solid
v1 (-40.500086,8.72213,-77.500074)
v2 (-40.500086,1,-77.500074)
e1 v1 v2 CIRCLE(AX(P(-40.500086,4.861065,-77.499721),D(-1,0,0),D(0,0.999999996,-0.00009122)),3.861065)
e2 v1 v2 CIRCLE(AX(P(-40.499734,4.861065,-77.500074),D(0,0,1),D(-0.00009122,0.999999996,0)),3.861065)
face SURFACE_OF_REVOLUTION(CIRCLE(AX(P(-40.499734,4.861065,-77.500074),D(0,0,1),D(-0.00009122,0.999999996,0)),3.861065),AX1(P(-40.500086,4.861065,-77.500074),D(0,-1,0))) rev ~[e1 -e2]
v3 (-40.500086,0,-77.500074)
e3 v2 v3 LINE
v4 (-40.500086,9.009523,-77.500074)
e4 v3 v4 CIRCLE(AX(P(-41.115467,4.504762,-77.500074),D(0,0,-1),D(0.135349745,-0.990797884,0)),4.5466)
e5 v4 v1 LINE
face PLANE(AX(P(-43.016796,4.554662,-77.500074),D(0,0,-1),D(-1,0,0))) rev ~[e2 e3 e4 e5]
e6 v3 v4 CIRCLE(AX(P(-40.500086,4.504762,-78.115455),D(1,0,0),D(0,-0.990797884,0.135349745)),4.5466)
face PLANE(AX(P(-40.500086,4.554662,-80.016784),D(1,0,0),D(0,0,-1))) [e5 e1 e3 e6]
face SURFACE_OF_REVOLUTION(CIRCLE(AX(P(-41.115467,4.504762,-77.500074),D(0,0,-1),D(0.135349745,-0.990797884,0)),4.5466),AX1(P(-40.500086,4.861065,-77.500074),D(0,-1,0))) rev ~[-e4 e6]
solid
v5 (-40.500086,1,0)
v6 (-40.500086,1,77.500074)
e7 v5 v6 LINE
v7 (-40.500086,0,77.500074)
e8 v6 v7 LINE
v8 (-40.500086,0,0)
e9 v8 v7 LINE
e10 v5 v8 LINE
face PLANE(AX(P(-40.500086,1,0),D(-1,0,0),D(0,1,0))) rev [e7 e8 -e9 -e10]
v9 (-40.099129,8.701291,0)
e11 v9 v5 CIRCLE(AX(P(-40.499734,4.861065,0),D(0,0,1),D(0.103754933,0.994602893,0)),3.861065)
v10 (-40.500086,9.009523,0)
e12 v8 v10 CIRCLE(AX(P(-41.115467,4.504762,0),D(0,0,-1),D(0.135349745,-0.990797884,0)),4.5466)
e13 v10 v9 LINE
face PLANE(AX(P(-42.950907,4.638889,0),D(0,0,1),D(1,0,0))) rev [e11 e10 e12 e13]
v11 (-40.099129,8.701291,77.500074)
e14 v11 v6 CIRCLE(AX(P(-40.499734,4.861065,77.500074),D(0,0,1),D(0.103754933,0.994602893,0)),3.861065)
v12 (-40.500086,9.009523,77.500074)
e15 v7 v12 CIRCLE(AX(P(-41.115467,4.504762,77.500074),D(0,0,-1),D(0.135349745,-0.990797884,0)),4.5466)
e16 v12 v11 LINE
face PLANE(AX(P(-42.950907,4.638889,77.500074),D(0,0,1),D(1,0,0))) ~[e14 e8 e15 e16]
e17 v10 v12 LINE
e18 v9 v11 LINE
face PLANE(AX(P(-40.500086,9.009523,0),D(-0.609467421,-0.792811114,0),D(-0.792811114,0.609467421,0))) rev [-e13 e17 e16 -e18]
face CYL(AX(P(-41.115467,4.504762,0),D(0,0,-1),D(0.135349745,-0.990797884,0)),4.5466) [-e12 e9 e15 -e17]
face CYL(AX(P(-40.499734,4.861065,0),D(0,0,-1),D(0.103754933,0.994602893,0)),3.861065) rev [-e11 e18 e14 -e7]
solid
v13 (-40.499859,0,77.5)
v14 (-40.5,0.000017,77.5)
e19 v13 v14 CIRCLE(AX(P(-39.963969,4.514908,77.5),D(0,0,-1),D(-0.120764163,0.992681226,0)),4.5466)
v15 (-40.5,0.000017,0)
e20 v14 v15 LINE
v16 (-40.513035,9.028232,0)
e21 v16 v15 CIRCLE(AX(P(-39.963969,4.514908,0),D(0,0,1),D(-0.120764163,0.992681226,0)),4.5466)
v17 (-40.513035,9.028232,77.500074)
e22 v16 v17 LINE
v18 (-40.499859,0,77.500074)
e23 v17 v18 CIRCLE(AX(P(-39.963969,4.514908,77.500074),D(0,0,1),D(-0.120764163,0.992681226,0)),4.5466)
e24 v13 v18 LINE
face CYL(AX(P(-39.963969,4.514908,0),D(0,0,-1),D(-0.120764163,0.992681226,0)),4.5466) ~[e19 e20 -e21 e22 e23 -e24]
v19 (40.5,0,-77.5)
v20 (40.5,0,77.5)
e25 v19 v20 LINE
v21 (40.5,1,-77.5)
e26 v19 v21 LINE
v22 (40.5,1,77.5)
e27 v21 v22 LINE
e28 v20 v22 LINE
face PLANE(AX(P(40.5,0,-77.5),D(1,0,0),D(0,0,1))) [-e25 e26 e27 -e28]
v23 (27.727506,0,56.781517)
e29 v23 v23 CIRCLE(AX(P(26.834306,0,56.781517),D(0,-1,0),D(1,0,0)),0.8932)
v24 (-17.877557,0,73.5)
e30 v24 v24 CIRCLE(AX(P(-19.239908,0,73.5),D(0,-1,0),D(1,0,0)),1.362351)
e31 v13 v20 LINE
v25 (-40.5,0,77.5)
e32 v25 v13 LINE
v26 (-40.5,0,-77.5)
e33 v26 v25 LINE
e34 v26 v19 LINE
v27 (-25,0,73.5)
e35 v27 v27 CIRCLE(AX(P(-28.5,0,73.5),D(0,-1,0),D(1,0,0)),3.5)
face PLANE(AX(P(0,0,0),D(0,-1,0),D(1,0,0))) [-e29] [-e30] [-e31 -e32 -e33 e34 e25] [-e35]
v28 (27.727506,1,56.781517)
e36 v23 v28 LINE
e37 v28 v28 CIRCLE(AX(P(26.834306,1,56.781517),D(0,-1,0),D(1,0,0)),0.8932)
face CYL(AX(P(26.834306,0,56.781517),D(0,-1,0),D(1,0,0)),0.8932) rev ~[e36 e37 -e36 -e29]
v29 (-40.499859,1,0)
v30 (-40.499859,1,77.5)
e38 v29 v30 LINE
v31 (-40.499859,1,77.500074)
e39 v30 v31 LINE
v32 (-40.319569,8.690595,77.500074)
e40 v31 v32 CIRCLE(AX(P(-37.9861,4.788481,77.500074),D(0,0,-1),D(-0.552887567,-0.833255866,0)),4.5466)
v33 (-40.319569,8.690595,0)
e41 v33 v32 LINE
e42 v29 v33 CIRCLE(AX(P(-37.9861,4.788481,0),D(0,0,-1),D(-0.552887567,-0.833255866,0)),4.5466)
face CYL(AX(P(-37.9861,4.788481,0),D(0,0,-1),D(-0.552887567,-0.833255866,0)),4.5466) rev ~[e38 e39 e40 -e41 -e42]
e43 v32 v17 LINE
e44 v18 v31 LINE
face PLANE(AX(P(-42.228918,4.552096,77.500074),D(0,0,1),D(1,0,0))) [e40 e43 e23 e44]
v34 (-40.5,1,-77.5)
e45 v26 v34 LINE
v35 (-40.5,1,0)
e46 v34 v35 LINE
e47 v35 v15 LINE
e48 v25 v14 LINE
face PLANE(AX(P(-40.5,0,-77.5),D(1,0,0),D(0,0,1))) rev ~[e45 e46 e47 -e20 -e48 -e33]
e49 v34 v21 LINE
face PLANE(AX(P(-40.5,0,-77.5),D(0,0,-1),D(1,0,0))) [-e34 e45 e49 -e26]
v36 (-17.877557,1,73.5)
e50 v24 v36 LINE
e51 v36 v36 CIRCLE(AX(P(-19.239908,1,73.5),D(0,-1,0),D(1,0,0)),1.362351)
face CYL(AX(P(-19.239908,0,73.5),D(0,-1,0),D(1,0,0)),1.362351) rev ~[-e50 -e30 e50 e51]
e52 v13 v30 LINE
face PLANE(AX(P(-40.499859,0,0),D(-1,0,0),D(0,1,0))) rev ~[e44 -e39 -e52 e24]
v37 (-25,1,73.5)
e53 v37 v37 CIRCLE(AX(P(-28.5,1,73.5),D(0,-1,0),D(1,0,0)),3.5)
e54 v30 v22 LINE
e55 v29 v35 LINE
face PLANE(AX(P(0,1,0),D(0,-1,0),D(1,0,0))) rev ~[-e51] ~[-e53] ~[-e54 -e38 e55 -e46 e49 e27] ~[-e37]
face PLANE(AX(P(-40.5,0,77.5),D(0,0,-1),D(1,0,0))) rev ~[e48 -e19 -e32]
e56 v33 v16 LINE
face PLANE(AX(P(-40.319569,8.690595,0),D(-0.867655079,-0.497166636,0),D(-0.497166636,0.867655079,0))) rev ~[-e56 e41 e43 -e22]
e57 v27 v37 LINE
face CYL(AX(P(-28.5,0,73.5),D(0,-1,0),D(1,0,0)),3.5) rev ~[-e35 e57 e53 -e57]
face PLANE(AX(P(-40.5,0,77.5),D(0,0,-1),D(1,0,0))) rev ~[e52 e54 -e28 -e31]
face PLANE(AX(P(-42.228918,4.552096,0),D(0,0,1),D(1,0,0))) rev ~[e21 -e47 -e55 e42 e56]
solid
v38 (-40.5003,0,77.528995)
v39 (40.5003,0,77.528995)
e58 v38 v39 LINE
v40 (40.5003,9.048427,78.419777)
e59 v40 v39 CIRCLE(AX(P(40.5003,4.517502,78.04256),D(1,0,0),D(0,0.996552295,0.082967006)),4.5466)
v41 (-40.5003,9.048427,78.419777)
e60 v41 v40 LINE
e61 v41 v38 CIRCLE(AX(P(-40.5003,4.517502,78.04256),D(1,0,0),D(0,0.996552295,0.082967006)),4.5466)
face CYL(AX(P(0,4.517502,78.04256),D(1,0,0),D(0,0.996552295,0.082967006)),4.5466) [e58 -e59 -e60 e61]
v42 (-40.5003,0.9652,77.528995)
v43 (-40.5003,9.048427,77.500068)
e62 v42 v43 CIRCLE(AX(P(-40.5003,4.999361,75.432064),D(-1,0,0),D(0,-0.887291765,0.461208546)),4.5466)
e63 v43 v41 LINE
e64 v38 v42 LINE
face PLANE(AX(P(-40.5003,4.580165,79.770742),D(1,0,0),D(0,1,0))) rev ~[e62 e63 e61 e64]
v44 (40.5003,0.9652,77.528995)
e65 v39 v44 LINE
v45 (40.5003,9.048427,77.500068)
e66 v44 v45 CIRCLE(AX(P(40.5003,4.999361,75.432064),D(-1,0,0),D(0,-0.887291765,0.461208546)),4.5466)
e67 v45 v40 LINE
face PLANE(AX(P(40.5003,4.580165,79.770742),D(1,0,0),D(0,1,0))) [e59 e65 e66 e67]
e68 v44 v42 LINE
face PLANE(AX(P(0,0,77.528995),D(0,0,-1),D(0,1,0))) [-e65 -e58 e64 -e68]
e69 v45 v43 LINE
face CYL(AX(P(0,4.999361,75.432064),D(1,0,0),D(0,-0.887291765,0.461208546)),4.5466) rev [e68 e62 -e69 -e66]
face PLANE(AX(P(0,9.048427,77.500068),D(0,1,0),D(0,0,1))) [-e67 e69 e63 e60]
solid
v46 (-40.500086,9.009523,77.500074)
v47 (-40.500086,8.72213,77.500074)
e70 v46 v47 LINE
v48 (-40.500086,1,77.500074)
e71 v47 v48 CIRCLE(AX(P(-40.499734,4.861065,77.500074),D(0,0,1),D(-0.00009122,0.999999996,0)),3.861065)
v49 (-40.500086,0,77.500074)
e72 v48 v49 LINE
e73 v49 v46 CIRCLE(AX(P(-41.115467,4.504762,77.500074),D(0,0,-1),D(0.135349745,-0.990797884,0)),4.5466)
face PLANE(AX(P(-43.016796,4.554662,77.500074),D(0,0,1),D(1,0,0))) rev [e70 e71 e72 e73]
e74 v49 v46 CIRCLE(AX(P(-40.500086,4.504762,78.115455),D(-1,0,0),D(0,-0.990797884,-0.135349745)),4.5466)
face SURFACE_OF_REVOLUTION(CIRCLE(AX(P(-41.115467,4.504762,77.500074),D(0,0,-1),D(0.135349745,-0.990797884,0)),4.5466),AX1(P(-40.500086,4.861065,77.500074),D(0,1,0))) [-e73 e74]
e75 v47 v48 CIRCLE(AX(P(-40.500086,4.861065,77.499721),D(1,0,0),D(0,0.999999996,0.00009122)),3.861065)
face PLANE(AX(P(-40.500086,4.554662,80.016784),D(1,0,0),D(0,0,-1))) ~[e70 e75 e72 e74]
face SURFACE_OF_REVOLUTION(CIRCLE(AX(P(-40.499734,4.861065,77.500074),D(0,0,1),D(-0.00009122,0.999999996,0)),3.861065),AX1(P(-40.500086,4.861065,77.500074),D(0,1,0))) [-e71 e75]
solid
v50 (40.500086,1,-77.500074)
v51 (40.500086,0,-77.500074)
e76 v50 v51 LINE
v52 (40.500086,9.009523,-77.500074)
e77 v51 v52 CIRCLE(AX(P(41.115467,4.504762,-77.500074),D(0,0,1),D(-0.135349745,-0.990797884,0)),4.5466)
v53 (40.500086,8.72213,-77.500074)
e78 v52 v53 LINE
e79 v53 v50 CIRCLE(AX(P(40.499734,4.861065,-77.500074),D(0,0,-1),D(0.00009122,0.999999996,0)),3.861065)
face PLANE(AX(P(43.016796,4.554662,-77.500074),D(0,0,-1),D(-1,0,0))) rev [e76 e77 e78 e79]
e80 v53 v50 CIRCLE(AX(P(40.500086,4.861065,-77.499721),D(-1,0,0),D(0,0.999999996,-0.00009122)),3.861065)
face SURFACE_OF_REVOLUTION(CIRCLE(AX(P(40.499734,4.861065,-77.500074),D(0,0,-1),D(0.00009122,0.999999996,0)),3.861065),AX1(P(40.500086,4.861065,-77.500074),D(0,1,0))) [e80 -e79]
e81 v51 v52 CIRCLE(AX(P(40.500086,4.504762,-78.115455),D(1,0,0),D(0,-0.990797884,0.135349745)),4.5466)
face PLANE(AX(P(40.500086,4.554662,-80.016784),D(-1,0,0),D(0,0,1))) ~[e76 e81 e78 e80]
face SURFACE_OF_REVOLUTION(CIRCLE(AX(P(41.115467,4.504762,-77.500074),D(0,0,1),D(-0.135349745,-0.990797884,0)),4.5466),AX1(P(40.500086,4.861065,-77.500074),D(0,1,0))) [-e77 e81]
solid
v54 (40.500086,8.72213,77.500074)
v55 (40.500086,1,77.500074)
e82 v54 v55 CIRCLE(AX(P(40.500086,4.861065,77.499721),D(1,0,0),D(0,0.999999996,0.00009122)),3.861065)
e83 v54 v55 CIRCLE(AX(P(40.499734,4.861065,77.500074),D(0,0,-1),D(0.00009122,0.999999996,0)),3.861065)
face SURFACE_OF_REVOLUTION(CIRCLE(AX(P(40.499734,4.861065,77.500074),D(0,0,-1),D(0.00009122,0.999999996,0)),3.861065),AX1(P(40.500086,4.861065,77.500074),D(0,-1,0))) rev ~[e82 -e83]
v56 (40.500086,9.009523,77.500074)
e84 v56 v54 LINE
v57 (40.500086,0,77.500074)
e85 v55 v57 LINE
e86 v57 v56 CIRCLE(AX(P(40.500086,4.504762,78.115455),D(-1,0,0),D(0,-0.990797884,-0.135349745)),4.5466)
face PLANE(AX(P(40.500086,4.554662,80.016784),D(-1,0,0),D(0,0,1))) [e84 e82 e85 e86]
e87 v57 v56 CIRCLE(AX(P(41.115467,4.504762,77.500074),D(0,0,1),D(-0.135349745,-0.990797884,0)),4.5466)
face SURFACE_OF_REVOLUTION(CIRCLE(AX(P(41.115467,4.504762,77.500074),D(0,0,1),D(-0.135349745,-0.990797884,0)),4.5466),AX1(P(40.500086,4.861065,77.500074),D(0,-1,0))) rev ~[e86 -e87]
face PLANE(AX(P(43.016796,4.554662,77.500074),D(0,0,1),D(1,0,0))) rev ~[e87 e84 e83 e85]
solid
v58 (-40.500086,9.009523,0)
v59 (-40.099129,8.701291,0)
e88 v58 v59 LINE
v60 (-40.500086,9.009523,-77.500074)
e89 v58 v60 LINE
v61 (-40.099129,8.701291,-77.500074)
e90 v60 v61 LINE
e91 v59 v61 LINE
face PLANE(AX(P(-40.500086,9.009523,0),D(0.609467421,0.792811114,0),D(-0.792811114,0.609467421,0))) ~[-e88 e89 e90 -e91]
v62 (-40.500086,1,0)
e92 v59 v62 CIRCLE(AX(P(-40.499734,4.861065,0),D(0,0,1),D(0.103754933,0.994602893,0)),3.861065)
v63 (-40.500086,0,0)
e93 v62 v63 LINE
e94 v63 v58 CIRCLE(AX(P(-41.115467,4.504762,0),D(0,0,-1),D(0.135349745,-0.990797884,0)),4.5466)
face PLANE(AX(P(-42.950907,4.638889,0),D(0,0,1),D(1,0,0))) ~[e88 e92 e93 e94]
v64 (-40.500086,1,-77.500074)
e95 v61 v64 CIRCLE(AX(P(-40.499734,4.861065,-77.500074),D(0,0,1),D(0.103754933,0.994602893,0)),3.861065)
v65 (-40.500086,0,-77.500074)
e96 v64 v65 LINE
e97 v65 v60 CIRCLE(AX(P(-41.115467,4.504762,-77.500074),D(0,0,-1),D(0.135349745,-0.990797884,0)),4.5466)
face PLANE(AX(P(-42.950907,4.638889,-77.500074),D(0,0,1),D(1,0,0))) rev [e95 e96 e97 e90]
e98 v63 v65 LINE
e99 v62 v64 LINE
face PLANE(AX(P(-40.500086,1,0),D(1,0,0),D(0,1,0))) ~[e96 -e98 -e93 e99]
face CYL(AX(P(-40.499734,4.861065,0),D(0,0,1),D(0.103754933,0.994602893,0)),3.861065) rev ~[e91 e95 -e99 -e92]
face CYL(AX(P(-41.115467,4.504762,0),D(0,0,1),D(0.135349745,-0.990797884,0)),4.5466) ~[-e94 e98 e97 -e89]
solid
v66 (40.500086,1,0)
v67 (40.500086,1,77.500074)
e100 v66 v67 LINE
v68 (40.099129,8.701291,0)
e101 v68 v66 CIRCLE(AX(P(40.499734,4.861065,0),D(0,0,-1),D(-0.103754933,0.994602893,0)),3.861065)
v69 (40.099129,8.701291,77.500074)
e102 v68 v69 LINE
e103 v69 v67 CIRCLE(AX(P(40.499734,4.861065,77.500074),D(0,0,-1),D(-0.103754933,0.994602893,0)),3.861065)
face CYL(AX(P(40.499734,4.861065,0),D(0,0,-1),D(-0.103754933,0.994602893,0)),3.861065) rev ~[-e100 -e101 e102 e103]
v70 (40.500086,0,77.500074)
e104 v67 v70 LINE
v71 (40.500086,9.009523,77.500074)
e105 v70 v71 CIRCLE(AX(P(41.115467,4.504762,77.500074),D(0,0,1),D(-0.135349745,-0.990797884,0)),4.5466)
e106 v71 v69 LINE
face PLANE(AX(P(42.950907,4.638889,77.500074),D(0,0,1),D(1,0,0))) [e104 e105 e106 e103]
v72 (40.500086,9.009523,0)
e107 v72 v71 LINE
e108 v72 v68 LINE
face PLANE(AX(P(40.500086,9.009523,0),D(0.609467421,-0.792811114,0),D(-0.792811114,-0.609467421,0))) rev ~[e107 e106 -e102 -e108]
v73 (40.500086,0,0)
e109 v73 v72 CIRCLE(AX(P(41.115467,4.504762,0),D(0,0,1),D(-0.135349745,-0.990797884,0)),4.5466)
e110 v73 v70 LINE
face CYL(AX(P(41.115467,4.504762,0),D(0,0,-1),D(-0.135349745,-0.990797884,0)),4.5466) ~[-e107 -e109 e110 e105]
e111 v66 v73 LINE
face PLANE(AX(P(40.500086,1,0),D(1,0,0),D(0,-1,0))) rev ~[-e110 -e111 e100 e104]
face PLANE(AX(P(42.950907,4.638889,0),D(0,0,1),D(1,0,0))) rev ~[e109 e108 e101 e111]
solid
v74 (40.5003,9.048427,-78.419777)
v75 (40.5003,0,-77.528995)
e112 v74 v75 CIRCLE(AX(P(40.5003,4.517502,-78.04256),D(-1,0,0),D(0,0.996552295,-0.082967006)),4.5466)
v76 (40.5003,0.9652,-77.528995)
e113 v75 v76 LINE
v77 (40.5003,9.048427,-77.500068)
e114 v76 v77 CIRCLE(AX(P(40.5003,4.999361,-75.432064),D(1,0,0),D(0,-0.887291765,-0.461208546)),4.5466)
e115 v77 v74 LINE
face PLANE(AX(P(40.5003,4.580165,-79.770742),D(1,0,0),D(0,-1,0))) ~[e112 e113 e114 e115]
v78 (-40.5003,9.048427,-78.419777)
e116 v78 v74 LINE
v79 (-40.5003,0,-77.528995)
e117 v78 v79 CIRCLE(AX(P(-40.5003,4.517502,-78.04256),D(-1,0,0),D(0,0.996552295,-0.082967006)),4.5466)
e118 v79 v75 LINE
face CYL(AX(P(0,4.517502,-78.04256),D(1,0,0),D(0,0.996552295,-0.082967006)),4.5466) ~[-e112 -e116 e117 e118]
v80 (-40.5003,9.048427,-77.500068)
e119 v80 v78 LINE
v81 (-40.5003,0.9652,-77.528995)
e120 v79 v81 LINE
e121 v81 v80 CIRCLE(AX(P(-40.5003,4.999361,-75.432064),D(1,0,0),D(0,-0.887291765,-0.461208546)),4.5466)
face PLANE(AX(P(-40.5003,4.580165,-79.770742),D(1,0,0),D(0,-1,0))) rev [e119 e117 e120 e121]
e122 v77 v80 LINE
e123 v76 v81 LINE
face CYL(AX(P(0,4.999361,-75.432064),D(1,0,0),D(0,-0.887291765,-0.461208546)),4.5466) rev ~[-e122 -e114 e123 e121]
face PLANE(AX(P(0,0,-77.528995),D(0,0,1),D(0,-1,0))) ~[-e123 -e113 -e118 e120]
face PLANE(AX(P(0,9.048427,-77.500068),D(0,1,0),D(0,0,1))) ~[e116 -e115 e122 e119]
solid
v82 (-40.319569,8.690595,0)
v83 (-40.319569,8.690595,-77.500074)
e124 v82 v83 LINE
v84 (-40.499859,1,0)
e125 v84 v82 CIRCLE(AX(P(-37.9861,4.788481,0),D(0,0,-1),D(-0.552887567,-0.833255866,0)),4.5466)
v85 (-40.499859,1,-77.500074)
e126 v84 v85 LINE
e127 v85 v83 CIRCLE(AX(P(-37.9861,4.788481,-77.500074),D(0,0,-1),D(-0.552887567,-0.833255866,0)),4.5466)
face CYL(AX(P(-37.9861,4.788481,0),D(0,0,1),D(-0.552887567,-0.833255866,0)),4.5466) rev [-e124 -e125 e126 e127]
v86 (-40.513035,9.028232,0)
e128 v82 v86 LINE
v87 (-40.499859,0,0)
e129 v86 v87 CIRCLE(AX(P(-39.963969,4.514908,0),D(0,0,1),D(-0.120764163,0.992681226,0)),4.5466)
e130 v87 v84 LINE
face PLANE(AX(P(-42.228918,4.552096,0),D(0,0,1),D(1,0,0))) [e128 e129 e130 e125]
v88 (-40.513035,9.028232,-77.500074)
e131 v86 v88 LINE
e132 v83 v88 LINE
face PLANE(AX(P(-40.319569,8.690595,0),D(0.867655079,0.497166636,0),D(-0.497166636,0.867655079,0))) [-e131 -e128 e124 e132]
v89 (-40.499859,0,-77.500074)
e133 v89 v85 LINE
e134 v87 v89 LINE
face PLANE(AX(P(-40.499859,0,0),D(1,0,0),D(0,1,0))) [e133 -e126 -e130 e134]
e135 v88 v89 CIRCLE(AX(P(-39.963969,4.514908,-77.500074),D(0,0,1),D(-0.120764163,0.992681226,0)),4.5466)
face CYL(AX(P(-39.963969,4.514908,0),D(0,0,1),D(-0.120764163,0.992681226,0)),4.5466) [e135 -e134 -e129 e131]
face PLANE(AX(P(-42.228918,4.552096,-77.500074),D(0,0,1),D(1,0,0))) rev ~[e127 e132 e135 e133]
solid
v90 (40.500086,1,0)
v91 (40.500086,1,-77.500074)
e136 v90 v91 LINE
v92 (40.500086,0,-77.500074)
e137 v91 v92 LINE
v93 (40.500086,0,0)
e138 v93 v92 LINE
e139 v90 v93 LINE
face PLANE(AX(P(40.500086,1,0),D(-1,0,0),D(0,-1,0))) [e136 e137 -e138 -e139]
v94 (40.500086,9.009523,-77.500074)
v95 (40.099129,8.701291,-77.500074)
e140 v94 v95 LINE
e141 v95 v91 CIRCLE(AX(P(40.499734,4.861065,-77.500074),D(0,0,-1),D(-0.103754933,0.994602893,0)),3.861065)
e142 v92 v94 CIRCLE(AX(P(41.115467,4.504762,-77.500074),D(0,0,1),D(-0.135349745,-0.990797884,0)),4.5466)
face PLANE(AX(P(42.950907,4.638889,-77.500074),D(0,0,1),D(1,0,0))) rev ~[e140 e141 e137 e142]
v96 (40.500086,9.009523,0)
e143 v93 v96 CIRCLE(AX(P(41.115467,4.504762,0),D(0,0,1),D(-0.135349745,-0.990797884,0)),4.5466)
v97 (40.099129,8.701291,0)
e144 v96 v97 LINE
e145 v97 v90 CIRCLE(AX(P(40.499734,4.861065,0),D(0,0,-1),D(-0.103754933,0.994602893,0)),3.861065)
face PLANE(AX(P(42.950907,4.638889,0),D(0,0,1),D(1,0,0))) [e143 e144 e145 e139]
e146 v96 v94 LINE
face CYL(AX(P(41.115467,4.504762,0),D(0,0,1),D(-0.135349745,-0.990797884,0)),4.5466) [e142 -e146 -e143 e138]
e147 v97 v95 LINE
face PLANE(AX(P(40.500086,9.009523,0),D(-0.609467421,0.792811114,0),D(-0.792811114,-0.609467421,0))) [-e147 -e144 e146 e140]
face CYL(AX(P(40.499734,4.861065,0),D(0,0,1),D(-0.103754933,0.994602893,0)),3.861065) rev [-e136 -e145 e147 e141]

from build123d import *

# Parameters (mm, degrees)
F0_W      = 81
F0_H      = 155
F0_R      = 3.5
F0_R_2    = 1.3623510681
F0_R_3    = 0.8931999414
F2_DEPTH  = 1
F3_DEPTH  = 77.5000736
F4_DEPTH  = 77.5000736
F6_DEPTH  = 40.5003
F7_DEPTH  = 40.5003
F10_ANGLE = 90


with BuildPart() as f2:
    # F0 (on Front) → F2 (new body)
    with BuildSketch(Plane.XZ):
        Rectangle(F0_W, F0_H)
        with Locations((-28.5, 73.5)):
            Circle(F0_R, mode=Mode.SUBTRACT)
        with Locations((-19.2399080843, 73.5)):
            Circle(F0_R_2, mode=Mode.SUBTRACT)
        with Locations((26.8343064, 56.7815168)):
            Circle(F0_R_3, mode=Mode.SUBTRACT)
    extrude(amount=-F2_DEPTH)

    # F1 (on Top) → F3, piece 2 (join)
    with BuildSketch(Plane.XY):
        with BuildLine():
            Line((-40.3195688207, 8.6905952365), (-40.5130350174, 9.0282323907))
            ThreePointArc((-40.5130350174, 9.0282323907), (-44.5105638324, 4.5082722956), (-40.4998585582, 0))
            Line((-40.4998585582, 0), (-40.4998585582, 1))
            ThreePointArc((-40.4998585582, 1), (-42.5314511263, 4.8950372644), (-40.3195688207, 8.6905952365))
        make_face()
    extrude(amount=F3_DEPTH)


with BuildPart() as f3:
    # F1 (on Top) → F3 (new body)
    with BuildSketch(Plane.XY):
        with BuildLine():
            Line((40.5000858009, 1), (40.5000858009, 0))
            ThreePointArc((40.5000858009, 0), (45.6620669504, 4.5047616586), (40.5000858009, 9.0095233172))
            Line((40.5000858009, 9.0095233172), (40.0991290808, 8.7012909353))
            ThreePointArc((40.0991290808, 8.7012909353), (44.3555760459, 5.0618136838), (40.5000858009, 1))
        make_face()
    extrude(amount=F3_DEPTH)


with BuildPart() as f4:
    # F1 (on Top) → F4 (new body)
    with BuildSketch(Plane.XY):
        with BuildLine():
            Line((40.5000858009, 1), (40.5000858009, 0))
            ThreePointArc((40.5000858009, 0), (45.6620669504, 4.5047616586), (40.5000858009, 9.0095233172))
            Line((40.5000858009, 9.0095233172), (40.0991290808, 8.7012909353))
            ThreePointArc((40.0991290808, 8.7012909353), (44.3555760459, 5.0618136838), (40.5000858009, 1))
        make_face()
    extrude(amount=-F4_DEPTH)


with BuildPart() as f4b:
    # F1 (on Top) → F4, piece 2 (new body)
    with BuildSketch(Plane.XY):
        with BuildLine():
            Line((-40.3195688207, 8.6905952365), (-40.5130350174, 9.0282323907))
            ThreePointArc((-40.5130350174, 9.0282323907), (-44.5105638324, 4.5082722956), (-40.4998585582, 0))
            Line((-40.4998585582, 0), (-40.4998585582, 1))
            ThreePointArc((-40.4998585582, 1), (-42.5314511263, 4.8950372644), (-40.3195688207, 8.6905952365))
        make_face()
    extrude(amount=-F4_DEPTH)


with BuildPart() as f6:
    # F5 (on Right) → F6 (new body)
    with BuildSketch(Plane.YZ):
        with BuildLine():
            Line((9.0484265238, 77.5000676513), (9.0484265238, 78.41977737))
            ThreePointArc((9.0484265238, 78.41977737), (4.072060154, 82.5672864525), (0, 77.5289950816))
            Line((0, 77.5289950816), (0.9652, 77.5289950816))
            ThreePointArc((0.9652, 77.5289950816), (5.0156315465, 79.9786351909), (9.0484265238, 77.5000676513))
        make_face()
    extrude(amount=F6_DEPTH)

    # F7 (add): a face of the model
    f7_faces = [f6.faces().sort_by_distance(p)[0] for p in [
        (0, 4.2209866558, 80.4101695334),
    ]]
    extrude(f7_faces, amount=F7_DEPTH)


with BuildPart() as f8_1:
    # F8: instance of F6
    add(f6.part.mirror(Plane.XY))


with BuildPart() as f10:
    # F9 (on face) → F10 (revolve)
    with BuildSketch(Plane.XY.offset(77.5000736)):
        with BuildLine():
            ThreePointArc((40.5000858009, 8.7221295006), (44.3607983627, 4.8610647503), (40.5000858009, 1))
            Line((40.5000858009, 1), (40.5000858009, 0))
            ThreePointArc((40.5000858009, 0), (45.6620669504, 4.5047616586), (40.5000858009, 9.0095233172))
            Line((40.5000858009, 9.0095233172), (40.5000858009, 8.7221295006))
        make_face()
    revolve(axis=Axis((40.5000858009, 4.8610647503, 77.5000736), (0, -1, 0)), revolution_arc=F10_ANGLE)


with BuildPart() as f11_1:
    # F11: instance of F10
    add(f10.part.mirror(Plane.XY))


with BuildPart() as f12_1:
    # F12: instance of F11_1
    add(f11_1.part.mirror(Plane.YZ))


with BuildPart() as f12_2:
    # F12: instance of F10
    add(f10.part.mirror(Plane.YZ))


with BuildPart() as f13_1:
    # F13: instance of F4
    add(f4.part.mirror(Plane.YZ))


with BuildPart() as f13_2:
    # F13: instance of F3
    add(f3.part.mirror(Plane.YZ))


solid = Compound([f2.part, f3.part, f4.part, f4b.part, f6.part, f8_1.part, f10.part, f11_1.part, f12_1.part, f12_2.part, f13_1.part, f13_2.part])
